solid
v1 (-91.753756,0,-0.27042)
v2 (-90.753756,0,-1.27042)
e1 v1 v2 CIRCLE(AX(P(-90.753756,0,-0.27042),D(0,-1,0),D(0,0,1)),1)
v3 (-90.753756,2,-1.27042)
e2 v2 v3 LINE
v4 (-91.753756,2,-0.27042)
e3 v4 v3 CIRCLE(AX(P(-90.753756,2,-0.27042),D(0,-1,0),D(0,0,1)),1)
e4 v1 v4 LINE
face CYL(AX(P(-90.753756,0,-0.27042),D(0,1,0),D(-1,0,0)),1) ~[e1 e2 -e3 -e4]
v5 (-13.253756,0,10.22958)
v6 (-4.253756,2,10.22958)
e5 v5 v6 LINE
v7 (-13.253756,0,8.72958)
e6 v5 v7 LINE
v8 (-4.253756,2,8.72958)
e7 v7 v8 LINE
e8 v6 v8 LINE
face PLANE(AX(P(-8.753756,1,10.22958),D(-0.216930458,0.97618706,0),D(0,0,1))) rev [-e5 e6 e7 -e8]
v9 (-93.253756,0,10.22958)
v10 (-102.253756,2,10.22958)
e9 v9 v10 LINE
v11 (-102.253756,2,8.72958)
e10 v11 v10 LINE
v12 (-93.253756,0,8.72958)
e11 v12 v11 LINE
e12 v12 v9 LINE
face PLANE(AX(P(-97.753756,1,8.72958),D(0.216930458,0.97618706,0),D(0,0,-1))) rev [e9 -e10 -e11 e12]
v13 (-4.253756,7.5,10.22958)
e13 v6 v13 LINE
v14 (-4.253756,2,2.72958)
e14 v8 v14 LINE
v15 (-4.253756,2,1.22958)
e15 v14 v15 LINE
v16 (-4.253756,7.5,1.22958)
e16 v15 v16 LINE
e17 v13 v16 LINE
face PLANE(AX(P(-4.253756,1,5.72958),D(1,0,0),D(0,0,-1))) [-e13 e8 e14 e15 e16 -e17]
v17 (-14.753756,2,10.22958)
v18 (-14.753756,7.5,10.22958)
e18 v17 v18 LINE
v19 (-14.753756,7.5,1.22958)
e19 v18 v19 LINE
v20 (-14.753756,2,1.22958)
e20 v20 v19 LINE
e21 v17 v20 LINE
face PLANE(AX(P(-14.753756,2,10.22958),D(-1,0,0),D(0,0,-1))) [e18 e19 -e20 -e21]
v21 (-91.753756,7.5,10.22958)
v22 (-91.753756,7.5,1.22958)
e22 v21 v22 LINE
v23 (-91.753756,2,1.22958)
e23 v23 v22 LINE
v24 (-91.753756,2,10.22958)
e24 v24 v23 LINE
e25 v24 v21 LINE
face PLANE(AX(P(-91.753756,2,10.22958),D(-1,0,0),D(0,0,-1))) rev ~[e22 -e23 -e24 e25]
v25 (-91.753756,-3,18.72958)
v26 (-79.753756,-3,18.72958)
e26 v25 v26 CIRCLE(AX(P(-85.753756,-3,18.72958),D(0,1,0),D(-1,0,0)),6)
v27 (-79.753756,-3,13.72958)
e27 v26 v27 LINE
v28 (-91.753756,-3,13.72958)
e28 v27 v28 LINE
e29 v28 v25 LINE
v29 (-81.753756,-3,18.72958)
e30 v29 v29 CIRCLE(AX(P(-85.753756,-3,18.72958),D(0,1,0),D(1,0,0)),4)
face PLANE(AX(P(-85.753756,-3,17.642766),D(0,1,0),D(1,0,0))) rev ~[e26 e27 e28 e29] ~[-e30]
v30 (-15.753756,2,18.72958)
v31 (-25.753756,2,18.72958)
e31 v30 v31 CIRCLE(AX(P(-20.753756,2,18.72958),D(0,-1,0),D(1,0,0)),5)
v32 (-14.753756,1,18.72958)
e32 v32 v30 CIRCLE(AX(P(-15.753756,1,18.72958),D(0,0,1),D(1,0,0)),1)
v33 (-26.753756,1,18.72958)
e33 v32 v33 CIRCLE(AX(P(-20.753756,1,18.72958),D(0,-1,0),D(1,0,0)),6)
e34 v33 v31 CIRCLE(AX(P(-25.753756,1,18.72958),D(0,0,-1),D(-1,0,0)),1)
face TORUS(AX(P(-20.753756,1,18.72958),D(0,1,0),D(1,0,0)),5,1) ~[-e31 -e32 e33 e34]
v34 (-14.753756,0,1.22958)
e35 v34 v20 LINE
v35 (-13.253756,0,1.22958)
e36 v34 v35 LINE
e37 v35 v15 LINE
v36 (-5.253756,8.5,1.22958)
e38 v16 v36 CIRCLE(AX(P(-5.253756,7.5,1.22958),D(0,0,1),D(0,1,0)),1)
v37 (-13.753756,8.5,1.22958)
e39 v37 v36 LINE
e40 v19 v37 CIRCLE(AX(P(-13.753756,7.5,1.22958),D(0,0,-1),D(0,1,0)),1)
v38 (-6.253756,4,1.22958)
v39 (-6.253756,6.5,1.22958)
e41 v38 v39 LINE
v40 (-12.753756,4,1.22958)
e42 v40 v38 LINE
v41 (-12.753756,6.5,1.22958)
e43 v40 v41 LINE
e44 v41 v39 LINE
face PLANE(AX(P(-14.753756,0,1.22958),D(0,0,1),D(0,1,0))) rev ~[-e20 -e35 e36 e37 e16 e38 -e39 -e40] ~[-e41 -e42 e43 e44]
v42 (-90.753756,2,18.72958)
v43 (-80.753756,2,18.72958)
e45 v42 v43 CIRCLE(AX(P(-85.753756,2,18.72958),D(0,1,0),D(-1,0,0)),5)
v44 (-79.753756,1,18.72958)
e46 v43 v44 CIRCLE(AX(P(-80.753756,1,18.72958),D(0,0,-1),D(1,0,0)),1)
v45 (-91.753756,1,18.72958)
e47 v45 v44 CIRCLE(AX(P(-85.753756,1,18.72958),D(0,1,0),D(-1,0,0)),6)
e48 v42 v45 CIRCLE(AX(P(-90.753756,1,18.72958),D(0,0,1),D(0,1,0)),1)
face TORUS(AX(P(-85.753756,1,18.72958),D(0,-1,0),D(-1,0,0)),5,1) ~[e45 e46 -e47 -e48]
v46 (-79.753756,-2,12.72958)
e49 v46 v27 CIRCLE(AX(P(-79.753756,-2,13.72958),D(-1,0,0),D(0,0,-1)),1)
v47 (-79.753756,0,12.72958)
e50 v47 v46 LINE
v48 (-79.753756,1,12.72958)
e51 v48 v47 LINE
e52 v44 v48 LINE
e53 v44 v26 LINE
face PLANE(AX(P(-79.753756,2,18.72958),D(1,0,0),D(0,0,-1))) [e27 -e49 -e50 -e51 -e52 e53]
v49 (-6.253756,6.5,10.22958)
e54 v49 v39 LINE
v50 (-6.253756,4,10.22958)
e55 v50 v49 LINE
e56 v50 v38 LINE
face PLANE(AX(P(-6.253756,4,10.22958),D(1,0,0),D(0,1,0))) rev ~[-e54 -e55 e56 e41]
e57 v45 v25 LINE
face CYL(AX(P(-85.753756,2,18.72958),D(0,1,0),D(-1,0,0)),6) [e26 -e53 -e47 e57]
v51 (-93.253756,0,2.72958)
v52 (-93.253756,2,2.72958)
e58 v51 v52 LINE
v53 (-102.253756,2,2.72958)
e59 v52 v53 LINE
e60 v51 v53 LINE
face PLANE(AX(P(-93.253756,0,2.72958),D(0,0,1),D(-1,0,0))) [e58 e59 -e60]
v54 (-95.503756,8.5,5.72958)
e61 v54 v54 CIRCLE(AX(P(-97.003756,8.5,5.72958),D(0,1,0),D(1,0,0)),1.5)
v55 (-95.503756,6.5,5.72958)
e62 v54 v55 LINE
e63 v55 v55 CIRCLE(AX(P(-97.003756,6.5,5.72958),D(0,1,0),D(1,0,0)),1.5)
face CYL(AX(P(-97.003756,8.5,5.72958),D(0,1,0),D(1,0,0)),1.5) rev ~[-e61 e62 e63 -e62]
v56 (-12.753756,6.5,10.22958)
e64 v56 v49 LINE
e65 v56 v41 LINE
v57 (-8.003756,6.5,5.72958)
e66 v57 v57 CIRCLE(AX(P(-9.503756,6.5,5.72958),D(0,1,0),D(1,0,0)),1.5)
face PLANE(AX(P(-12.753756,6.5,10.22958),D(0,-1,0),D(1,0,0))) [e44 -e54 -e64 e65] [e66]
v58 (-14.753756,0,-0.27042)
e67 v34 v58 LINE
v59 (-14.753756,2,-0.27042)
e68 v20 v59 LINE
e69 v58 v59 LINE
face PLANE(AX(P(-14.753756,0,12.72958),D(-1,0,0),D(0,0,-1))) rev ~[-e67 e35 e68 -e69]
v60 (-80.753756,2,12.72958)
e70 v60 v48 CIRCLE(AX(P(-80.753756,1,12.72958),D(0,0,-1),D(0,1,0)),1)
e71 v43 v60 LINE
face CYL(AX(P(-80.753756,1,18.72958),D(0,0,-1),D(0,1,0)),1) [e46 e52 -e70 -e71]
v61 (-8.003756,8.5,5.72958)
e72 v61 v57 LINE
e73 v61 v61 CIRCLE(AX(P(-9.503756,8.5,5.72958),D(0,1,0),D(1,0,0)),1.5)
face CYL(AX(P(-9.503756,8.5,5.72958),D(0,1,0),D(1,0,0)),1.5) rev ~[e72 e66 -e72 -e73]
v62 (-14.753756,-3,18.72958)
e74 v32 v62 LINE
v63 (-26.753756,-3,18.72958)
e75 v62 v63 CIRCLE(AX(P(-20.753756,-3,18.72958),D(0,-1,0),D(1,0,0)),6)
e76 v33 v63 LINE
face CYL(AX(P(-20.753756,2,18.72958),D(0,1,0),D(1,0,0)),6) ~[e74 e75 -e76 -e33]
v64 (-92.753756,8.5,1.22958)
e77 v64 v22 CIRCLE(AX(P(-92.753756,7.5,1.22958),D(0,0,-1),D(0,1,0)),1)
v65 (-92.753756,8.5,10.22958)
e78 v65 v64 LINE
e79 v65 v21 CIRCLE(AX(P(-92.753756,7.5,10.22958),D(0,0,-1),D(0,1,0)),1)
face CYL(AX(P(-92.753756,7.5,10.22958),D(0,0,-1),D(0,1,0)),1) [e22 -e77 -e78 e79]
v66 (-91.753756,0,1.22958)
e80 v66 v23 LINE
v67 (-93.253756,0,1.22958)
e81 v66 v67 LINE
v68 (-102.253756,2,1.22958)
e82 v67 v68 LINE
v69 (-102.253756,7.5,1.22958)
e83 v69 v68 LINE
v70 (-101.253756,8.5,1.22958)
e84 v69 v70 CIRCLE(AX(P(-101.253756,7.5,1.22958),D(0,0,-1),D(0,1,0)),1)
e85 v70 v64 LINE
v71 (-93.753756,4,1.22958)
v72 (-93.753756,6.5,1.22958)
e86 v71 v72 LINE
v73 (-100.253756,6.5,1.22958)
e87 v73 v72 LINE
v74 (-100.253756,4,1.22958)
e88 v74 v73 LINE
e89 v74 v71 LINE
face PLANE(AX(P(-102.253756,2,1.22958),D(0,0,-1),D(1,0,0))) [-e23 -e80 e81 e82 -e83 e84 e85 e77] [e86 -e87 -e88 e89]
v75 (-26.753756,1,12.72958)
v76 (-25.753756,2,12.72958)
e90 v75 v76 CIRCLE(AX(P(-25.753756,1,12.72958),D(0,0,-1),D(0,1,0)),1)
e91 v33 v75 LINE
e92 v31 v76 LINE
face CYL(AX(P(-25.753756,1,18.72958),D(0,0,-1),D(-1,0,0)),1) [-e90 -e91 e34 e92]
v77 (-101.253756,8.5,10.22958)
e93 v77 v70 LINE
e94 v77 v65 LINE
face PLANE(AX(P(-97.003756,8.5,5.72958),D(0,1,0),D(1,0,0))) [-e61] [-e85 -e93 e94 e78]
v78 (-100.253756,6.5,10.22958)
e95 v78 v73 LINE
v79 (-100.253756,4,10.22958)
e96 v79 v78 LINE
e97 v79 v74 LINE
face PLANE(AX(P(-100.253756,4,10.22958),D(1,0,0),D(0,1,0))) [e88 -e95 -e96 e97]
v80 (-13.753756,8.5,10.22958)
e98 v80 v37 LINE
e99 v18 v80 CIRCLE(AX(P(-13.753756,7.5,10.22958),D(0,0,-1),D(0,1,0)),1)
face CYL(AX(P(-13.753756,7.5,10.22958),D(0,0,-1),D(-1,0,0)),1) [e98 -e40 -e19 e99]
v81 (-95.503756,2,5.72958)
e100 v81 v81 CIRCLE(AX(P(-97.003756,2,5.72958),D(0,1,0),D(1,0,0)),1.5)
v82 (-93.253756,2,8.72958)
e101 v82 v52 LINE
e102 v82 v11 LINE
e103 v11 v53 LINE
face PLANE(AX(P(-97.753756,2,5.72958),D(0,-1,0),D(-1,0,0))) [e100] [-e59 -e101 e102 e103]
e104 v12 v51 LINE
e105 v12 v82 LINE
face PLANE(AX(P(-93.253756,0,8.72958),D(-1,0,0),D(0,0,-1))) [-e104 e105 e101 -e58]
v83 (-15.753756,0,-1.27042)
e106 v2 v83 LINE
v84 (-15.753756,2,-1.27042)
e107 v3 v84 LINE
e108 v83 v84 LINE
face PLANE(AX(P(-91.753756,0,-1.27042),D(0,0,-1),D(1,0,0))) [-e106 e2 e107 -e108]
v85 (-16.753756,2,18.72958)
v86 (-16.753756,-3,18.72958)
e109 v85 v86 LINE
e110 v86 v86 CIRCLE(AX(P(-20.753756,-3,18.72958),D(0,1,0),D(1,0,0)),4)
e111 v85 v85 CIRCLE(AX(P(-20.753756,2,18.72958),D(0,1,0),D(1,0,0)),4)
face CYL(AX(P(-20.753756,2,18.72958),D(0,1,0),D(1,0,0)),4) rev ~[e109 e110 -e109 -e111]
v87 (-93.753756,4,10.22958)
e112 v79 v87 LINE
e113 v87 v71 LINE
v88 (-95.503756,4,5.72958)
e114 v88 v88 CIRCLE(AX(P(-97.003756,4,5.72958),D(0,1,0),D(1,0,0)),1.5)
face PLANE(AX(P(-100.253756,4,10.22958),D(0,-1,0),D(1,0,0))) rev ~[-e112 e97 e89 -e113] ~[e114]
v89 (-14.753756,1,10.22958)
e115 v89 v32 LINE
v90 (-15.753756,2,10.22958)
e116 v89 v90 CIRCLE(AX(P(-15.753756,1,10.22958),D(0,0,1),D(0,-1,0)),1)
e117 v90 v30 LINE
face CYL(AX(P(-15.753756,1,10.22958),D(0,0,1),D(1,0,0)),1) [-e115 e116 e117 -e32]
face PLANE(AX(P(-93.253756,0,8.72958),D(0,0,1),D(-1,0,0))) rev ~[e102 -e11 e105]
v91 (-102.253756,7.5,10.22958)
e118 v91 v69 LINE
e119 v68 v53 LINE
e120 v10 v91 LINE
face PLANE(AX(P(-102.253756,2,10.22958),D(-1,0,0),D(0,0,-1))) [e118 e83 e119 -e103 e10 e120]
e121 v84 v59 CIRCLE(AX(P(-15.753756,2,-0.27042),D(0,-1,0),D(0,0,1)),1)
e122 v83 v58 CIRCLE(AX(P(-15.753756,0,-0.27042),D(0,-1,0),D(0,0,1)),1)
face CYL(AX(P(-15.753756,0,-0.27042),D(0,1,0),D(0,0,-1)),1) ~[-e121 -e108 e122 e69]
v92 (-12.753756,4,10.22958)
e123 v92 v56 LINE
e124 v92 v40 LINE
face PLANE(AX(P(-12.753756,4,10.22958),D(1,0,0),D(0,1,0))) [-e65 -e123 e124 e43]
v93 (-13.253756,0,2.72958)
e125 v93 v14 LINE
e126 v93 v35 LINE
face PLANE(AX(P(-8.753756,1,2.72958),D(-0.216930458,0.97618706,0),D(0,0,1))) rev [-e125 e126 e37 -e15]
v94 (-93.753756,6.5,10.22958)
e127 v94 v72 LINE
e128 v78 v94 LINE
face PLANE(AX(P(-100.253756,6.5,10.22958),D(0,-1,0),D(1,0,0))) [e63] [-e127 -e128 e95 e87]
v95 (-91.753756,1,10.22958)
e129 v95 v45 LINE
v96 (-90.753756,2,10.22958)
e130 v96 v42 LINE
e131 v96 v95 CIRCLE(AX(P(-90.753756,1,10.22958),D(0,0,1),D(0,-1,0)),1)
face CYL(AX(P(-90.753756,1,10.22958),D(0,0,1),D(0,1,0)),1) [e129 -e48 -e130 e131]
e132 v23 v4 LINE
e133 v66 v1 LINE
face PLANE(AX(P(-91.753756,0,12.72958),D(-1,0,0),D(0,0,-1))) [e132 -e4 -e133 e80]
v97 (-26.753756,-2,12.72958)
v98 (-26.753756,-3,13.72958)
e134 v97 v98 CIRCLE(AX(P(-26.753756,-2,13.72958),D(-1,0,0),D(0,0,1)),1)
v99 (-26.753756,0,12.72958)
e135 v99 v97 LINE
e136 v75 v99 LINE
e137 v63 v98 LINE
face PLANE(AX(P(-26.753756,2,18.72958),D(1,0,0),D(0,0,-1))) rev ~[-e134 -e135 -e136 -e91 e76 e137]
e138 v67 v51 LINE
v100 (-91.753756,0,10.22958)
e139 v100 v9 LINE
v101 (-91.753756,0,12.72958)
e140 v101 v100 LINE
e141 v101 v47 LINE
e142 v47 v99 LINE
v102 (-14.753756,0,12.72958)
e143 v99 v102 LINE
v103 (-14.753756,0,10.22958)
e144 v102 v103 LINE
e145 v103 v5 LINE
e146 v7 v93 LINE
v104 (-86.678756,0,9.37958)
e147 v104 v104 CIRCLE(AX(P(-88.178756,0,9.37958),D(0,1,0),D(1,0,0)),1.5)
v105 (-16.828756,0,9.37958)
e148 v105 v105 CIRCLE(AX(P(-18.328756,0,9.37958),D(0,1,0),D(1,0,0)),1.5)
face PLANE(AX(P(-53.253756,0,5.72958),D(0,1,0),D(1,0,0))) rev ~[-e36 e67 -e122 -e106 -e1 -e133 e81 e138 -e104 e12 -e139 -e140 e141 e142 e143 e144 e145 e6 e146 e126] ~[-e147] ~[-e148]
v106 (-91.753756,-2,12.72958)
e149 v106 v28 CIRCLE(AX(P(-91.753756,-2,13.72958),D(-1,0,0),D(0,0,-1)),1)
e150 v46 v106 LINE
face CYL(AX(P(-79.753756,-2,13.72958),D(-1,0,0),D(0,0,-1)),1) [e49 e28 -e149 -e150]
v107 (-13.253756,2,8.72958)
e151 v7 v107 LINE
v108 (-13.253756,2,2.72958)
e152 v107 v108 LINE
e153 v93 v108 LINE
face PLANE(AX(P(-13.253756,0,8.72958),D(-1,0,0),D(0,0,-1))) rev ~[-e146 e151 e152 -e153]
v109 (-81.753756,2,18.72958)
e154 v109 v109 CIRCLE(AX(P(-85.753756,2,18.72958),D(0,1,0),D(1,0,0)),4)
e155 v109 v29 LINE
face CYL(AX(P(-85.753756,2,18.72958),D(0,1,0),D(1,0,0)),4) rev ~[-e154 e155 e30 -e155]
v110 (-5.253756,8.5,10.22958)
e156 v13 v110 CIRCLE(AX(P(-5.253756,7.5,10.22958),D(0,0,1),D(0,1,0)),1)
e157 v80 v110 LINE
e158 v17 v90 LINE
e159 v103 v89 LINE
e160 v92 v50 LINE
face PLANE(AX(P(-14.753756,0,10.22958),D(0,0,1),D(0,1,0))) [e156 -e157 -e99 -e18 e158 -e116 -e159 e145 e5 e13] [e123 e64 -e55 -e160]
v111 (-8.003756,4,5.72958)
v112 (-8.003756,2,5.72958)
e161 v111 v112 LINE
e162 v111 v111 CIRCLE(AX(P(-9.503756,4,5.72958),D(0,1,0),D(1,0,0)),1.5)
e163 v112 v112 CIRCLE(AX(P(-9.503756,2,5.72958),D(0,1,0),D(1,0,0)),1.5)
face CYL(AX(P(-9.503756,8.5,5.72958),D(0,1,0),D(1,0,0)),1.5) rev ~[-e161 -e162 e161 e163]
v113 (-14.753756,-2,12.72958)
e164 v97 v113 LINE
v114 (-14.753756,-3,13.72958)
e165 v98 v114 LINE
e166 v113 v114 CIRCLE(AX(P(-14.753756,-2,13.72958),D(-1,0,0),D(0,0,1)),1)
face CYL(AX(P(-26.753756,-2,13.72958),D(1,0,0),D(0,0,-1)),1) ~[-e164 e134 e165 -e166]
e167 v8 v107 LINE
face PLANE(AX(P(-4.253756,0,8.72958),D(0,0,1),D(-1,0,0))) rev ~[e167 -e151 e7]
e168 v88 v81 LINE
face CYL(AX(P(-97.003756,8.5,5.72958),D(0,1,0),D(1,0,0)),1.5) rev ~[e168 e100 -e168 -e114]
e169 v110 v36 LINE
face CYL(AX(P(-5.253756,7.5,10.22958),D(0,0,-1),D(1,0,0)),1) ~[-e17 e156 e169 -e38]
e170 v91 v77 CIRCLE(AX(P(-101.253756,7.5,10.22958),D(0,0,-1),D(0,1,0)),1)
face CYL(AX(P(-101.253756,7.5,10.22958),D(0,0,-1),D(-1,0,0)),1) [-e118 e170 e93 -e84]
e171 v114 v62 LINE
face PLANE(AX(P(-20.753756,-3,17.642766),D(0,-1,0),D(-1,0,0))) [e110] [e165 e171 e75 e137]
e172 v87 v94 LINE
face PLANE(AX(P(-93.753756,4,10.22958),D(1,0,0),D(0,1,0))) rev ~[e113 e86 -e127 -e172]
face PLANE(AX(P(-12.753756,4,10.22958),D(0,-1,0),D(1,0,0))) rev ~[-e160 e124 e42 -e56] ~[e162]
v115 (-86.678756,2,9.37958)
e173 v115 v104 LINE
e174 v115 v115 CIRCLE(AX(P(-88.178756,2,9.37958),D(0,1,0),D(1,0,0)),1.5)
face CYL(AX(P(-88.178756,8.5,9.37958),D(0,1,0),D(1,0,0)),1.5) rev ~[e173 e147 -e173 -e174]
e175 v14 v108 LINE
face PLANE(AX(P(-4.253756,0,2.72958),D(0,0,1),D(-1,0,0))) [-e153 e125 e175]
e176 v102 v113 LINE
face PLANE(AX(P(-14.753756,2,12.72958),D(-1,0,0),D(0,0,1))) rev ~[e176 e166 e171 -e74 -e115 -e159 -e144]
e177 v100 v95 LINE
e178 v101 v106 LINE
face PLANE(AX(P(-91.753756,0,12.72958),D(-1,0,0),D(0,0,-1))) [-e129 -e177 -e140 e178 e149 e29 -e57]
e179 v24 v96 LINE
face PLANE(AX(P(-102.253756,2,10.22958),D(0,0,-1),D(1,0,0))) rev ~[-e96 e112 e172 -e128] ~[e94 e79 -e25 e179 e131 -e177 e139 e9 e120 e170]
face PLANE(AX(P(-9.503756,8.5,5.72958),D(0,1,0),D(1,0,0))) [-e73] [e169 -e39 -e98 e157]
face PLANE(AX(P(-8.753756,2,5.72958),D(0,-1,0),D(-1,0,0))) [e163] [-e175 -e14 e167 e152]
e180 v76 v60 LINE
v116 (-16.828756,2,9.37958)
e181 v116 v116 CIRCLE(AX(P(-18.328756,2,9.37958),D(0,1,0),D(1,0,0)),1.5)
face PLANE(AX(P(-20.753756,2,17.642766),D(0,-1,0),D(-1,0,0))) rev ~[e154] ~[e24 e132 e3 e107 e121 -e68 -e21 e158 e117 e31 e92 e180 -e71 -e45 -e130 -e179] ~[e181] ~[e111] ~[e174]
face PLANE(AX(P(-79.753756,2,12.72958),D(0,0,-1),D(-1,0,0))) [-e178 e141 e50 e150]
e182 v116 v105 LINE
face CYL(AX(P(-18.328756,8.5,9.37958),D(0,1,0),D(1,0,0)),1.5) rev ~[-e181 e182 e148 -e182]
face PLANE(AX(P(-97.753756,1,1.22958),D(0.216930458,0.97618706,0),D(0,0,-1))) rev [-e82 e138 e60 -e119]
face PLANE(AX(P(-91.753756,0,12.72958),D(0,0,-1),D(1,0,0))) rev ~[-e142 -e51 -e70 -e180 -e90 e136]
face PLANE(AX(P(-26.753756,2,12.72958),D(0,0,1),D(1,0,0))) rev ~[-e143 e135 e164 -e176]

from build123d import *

# Parameters (mm, degrees)
SKETCH1_W           = 77
SKETCH1_H           = 14
BOSS_EXTRUDE1_DEPTH = 2
SKETCH3_W           = 9
SKETCH3_H           = 2
BOSS_EXTRUDE2_DEPTH = 10.5
SKETCH4_W           = 9
SKETCH4_H           = 2
BOSS_EXTRUDE3_DEPTH = 10.5
SKETCH5_W           = 10.5
SKETCH5_H           = 9
BOSS_EXTRUDE4_DEPTH = 6.5
SKETCH6_W           = 6.5
SKETCH6_H           = 2.5
CUT_EXTRUDE1_DEPTH  = 9
SKETCH8_R           = 1.5
CUT_EXTRUDE2_DEPTH  = 8.5
SKETCH10_W          = 9
SKETCH10_H          = 6
CUT_EXTRUDE4_DEPTH  = 2
CHAMFER1_SIZE       = 9
CHAMFER1_SIZE2      = 2
BOSS_EXTRUDE5_DEPTH = 5
SKETCH13_R          = 4
CUT_EXTRUDE5_DEPTH  = 5
FILLET3_R           = 1


with BuildPart() as part:
    # Sketch1 → Boss-Extrude1 (new body)
    with BuildSketch(Plane(origin=(0, 0, 0), x_dir=(1, 0, 0), z_dir=(0, 1, 0))):
        with Locations((-53.253755964, -5.729579977)):
            Rectangle(SKETCH1_W, SKETCH1_H)
    extrude(amount=BOSS_EXTRUDE1_DEPTH)

    # Sketch3 → Boss-Extrude2 (add)
    with BuildSketch(Plane.ZY.offset(91.753755964)):
        with Locations((5.729579977, 1)):
            Rectangle(SKETCH3_W, SKETCH3_H)
    extrude(amount=BOSS_EXTRUDE2_DEPTH)

    # Sketch4 → Boss-Extrude3 (add)
    with BuildSketch(Plane(origin=(-14.753755964, 0, 0), x_dir=(0, 0, -1), z_dir=(1, 0, 0))):
        with Locations((-5.729579977, 1)):
            Rectangle(SKETCH4_W, SKETCH4_H)
    extrude(amount=BOSS_EXTRUDE3_DEPTH)

    # Sketch5 → Boss-Extrude4 (add)
    with BuildSketch(Plane(origin=(0, 2, 0), x_dir=(1, 0, 0), z_dir=(0, 1, 0))):
        with Locations((-97.003755964, -5.729579977)):
            Rectangle(SKETCH5_W, SKETCH5_H)
        with Locations((-9.503755964, -5.729579977)):
            Rectangle(SKETCH5_W, SKETCH5_H)
    extrude(amount=BOSS_EXTRUDE4_DEPTH)

    # Sketch6 → Cut-Extrude1 (cut)
    with BuildSketch(Plane.XY.offset(10.229579977)):
        with Locations((-9.503755964, 5.25)):
            Rectangle(SKETCH6_W, SKETCH6_H)
        with Locations((-97.003755964, 5.25)):
            Rectangle(SKETCH6_W, SKETCH6_H)
    extrude(amount=-CUT_EXTRUDE1_DEPTH, mode=Mode.SUBTRACT)

    # Sketch8 → Cut-Extrude2 (cut)
    with BuildSketch(Plane(origin=(0, 8.5, 0), x_dir=(1, 0, 0), z_dir=(0, 1, 0))):
        with Locations((-88.178755964, -9.379579977)):
            Circle(SKETCH8_R)
        with Locations((-18.328755964, -9.379579977)):
            Circle(SKETCH8_R)
        with Locations((-97.003755964, -5.729579977)):
            Circle(SKETCH8_R)
        with Locations((-9.503755964, -5.729579977)):
            Circle(SKETCH8_R)
    extrude(amount=-CUT_EXTRUDE2_DEPTH, mode=Mode.SUBTRACT)

    # Sketch10 → Cut-Extrude4 (cut)
    with BuildSketch(Plane(origin=(0, 0, 0), x_dir=(-1, 0, 0), z_dir=(0, -1, 0))):
        with Locations((97.753755964, -5.729579977)):
            Rectangle(SKETCH10_W, SKETCH10_H)
        with Locations((8.753755964, -5.729579977)):
            Rectangle(SKETCH10_W, SKETCH10_H)
    extrude(amount=-CUT_EXTRUDE4_DEPTH, mode=Mode.SUBTRACT)

    # Chamfer1
    chamfer1_edges = [part.edges().sort_by_distance(p)[0] for p in [
        (-102.253755964, 0, 1.979579977),
        (-4.253755964, 0, 9.479579977),
        (-4.253755964, 0, 1.979579977),
        (-102.253755964, 0, 9.479579977),
    ]]
    chamfer1_side = [part.faces().sort_by_distance(p)[0] for p in [
        (-53.253755964, 0, 5.684508499),
    ]]
    chamfer(chamfer1_edges, length=CHAMFER1_SIZE, length2=CHAMFER1_SIZE2, reference=chamfer1_side[0])

    # Sketch12 → Boss-Extrude5 (add)
    with BuildSketch(Plane(origin=(0, 2, 0), x_dir=(1, 0, 0), z_dir=(0, 1, 0))):
        with BuildLine():
            Line((-26.753755964, -12.729579977), (-14.753755964, -12.729579977))
            Line((-14.753755964, -12.729579977), (-14.753755964, -18.729579977))
            ThreePointArc((-14.753755964, -18.729579977), (-20.753755964, -24.729579977), (-26.753755964, -18.729579977))
            Line((-26.753755964, -18.729579977), (-26.753755964, -12.729579977))
        make_face()
        with BuildLine():
            Line((-91.753755964, -12.729579977), (-91.753755964, -18.729579977))
            ThreePointArc((-91.753755964, -18.729579977), (-85.753755964, -24.729579977), (-79.753755964, -18.729579977))
            Line((-79.753755964, -18.729579977), (-79.753755964, -12.729579977))
            Line((-79.753755964, -12.729579977), (-91.753755964, -12.729579977))
        make_face()
    extrude(amount=-BOSS_EXTRUDE5_DEPTH)

    # Sketch13 → Cut-Extrude5 (cut)
    with BuildSketch(Plane(origin=(0, 2, 0), x_dir=(1, 0, 0), z_dir=(0, 1, 0))):
        with Locations((-85.753755964, -18.729579977)):
            Circle(SKETCH13_R)
        with Locations((-20.753755964, -18.729579977)):
            Circle(SKETCH13_R)
    extrude(amount=-CUT_EXTRUDE5_DEPTH, mode=Mode.SUBTRACT)

    # Fillet3
    fillet3_edges = [part.edges().sort_by_distance(p)[0] for p in [
        (-85.753755964, -3, 12.729579977),
        (-85.753755964, 2, 24.729579977),
        (-79.753755964, 2, 15.729579977),
        (-20.753755964, -3, 12.729579977),
        (-20.753755964, 2, 24.729579977),
        (-26.753755964, 2, 15.729579977),
        (-91.753755964, 8.5, 5.729579977),
        (-102.253755964, 8.5, 5.729579977),
        (-14.753755964, 8.5, 5.729579977),
        (-4.253755964, 8.5, 5.729579977),
        (-91.753755964, 1, -1.270420023),
        (-14.753755964, 1, -1.270420023),
    ]]
    fillet(fillet3_edges, radius=FILLET3_R)


solid = part.part
